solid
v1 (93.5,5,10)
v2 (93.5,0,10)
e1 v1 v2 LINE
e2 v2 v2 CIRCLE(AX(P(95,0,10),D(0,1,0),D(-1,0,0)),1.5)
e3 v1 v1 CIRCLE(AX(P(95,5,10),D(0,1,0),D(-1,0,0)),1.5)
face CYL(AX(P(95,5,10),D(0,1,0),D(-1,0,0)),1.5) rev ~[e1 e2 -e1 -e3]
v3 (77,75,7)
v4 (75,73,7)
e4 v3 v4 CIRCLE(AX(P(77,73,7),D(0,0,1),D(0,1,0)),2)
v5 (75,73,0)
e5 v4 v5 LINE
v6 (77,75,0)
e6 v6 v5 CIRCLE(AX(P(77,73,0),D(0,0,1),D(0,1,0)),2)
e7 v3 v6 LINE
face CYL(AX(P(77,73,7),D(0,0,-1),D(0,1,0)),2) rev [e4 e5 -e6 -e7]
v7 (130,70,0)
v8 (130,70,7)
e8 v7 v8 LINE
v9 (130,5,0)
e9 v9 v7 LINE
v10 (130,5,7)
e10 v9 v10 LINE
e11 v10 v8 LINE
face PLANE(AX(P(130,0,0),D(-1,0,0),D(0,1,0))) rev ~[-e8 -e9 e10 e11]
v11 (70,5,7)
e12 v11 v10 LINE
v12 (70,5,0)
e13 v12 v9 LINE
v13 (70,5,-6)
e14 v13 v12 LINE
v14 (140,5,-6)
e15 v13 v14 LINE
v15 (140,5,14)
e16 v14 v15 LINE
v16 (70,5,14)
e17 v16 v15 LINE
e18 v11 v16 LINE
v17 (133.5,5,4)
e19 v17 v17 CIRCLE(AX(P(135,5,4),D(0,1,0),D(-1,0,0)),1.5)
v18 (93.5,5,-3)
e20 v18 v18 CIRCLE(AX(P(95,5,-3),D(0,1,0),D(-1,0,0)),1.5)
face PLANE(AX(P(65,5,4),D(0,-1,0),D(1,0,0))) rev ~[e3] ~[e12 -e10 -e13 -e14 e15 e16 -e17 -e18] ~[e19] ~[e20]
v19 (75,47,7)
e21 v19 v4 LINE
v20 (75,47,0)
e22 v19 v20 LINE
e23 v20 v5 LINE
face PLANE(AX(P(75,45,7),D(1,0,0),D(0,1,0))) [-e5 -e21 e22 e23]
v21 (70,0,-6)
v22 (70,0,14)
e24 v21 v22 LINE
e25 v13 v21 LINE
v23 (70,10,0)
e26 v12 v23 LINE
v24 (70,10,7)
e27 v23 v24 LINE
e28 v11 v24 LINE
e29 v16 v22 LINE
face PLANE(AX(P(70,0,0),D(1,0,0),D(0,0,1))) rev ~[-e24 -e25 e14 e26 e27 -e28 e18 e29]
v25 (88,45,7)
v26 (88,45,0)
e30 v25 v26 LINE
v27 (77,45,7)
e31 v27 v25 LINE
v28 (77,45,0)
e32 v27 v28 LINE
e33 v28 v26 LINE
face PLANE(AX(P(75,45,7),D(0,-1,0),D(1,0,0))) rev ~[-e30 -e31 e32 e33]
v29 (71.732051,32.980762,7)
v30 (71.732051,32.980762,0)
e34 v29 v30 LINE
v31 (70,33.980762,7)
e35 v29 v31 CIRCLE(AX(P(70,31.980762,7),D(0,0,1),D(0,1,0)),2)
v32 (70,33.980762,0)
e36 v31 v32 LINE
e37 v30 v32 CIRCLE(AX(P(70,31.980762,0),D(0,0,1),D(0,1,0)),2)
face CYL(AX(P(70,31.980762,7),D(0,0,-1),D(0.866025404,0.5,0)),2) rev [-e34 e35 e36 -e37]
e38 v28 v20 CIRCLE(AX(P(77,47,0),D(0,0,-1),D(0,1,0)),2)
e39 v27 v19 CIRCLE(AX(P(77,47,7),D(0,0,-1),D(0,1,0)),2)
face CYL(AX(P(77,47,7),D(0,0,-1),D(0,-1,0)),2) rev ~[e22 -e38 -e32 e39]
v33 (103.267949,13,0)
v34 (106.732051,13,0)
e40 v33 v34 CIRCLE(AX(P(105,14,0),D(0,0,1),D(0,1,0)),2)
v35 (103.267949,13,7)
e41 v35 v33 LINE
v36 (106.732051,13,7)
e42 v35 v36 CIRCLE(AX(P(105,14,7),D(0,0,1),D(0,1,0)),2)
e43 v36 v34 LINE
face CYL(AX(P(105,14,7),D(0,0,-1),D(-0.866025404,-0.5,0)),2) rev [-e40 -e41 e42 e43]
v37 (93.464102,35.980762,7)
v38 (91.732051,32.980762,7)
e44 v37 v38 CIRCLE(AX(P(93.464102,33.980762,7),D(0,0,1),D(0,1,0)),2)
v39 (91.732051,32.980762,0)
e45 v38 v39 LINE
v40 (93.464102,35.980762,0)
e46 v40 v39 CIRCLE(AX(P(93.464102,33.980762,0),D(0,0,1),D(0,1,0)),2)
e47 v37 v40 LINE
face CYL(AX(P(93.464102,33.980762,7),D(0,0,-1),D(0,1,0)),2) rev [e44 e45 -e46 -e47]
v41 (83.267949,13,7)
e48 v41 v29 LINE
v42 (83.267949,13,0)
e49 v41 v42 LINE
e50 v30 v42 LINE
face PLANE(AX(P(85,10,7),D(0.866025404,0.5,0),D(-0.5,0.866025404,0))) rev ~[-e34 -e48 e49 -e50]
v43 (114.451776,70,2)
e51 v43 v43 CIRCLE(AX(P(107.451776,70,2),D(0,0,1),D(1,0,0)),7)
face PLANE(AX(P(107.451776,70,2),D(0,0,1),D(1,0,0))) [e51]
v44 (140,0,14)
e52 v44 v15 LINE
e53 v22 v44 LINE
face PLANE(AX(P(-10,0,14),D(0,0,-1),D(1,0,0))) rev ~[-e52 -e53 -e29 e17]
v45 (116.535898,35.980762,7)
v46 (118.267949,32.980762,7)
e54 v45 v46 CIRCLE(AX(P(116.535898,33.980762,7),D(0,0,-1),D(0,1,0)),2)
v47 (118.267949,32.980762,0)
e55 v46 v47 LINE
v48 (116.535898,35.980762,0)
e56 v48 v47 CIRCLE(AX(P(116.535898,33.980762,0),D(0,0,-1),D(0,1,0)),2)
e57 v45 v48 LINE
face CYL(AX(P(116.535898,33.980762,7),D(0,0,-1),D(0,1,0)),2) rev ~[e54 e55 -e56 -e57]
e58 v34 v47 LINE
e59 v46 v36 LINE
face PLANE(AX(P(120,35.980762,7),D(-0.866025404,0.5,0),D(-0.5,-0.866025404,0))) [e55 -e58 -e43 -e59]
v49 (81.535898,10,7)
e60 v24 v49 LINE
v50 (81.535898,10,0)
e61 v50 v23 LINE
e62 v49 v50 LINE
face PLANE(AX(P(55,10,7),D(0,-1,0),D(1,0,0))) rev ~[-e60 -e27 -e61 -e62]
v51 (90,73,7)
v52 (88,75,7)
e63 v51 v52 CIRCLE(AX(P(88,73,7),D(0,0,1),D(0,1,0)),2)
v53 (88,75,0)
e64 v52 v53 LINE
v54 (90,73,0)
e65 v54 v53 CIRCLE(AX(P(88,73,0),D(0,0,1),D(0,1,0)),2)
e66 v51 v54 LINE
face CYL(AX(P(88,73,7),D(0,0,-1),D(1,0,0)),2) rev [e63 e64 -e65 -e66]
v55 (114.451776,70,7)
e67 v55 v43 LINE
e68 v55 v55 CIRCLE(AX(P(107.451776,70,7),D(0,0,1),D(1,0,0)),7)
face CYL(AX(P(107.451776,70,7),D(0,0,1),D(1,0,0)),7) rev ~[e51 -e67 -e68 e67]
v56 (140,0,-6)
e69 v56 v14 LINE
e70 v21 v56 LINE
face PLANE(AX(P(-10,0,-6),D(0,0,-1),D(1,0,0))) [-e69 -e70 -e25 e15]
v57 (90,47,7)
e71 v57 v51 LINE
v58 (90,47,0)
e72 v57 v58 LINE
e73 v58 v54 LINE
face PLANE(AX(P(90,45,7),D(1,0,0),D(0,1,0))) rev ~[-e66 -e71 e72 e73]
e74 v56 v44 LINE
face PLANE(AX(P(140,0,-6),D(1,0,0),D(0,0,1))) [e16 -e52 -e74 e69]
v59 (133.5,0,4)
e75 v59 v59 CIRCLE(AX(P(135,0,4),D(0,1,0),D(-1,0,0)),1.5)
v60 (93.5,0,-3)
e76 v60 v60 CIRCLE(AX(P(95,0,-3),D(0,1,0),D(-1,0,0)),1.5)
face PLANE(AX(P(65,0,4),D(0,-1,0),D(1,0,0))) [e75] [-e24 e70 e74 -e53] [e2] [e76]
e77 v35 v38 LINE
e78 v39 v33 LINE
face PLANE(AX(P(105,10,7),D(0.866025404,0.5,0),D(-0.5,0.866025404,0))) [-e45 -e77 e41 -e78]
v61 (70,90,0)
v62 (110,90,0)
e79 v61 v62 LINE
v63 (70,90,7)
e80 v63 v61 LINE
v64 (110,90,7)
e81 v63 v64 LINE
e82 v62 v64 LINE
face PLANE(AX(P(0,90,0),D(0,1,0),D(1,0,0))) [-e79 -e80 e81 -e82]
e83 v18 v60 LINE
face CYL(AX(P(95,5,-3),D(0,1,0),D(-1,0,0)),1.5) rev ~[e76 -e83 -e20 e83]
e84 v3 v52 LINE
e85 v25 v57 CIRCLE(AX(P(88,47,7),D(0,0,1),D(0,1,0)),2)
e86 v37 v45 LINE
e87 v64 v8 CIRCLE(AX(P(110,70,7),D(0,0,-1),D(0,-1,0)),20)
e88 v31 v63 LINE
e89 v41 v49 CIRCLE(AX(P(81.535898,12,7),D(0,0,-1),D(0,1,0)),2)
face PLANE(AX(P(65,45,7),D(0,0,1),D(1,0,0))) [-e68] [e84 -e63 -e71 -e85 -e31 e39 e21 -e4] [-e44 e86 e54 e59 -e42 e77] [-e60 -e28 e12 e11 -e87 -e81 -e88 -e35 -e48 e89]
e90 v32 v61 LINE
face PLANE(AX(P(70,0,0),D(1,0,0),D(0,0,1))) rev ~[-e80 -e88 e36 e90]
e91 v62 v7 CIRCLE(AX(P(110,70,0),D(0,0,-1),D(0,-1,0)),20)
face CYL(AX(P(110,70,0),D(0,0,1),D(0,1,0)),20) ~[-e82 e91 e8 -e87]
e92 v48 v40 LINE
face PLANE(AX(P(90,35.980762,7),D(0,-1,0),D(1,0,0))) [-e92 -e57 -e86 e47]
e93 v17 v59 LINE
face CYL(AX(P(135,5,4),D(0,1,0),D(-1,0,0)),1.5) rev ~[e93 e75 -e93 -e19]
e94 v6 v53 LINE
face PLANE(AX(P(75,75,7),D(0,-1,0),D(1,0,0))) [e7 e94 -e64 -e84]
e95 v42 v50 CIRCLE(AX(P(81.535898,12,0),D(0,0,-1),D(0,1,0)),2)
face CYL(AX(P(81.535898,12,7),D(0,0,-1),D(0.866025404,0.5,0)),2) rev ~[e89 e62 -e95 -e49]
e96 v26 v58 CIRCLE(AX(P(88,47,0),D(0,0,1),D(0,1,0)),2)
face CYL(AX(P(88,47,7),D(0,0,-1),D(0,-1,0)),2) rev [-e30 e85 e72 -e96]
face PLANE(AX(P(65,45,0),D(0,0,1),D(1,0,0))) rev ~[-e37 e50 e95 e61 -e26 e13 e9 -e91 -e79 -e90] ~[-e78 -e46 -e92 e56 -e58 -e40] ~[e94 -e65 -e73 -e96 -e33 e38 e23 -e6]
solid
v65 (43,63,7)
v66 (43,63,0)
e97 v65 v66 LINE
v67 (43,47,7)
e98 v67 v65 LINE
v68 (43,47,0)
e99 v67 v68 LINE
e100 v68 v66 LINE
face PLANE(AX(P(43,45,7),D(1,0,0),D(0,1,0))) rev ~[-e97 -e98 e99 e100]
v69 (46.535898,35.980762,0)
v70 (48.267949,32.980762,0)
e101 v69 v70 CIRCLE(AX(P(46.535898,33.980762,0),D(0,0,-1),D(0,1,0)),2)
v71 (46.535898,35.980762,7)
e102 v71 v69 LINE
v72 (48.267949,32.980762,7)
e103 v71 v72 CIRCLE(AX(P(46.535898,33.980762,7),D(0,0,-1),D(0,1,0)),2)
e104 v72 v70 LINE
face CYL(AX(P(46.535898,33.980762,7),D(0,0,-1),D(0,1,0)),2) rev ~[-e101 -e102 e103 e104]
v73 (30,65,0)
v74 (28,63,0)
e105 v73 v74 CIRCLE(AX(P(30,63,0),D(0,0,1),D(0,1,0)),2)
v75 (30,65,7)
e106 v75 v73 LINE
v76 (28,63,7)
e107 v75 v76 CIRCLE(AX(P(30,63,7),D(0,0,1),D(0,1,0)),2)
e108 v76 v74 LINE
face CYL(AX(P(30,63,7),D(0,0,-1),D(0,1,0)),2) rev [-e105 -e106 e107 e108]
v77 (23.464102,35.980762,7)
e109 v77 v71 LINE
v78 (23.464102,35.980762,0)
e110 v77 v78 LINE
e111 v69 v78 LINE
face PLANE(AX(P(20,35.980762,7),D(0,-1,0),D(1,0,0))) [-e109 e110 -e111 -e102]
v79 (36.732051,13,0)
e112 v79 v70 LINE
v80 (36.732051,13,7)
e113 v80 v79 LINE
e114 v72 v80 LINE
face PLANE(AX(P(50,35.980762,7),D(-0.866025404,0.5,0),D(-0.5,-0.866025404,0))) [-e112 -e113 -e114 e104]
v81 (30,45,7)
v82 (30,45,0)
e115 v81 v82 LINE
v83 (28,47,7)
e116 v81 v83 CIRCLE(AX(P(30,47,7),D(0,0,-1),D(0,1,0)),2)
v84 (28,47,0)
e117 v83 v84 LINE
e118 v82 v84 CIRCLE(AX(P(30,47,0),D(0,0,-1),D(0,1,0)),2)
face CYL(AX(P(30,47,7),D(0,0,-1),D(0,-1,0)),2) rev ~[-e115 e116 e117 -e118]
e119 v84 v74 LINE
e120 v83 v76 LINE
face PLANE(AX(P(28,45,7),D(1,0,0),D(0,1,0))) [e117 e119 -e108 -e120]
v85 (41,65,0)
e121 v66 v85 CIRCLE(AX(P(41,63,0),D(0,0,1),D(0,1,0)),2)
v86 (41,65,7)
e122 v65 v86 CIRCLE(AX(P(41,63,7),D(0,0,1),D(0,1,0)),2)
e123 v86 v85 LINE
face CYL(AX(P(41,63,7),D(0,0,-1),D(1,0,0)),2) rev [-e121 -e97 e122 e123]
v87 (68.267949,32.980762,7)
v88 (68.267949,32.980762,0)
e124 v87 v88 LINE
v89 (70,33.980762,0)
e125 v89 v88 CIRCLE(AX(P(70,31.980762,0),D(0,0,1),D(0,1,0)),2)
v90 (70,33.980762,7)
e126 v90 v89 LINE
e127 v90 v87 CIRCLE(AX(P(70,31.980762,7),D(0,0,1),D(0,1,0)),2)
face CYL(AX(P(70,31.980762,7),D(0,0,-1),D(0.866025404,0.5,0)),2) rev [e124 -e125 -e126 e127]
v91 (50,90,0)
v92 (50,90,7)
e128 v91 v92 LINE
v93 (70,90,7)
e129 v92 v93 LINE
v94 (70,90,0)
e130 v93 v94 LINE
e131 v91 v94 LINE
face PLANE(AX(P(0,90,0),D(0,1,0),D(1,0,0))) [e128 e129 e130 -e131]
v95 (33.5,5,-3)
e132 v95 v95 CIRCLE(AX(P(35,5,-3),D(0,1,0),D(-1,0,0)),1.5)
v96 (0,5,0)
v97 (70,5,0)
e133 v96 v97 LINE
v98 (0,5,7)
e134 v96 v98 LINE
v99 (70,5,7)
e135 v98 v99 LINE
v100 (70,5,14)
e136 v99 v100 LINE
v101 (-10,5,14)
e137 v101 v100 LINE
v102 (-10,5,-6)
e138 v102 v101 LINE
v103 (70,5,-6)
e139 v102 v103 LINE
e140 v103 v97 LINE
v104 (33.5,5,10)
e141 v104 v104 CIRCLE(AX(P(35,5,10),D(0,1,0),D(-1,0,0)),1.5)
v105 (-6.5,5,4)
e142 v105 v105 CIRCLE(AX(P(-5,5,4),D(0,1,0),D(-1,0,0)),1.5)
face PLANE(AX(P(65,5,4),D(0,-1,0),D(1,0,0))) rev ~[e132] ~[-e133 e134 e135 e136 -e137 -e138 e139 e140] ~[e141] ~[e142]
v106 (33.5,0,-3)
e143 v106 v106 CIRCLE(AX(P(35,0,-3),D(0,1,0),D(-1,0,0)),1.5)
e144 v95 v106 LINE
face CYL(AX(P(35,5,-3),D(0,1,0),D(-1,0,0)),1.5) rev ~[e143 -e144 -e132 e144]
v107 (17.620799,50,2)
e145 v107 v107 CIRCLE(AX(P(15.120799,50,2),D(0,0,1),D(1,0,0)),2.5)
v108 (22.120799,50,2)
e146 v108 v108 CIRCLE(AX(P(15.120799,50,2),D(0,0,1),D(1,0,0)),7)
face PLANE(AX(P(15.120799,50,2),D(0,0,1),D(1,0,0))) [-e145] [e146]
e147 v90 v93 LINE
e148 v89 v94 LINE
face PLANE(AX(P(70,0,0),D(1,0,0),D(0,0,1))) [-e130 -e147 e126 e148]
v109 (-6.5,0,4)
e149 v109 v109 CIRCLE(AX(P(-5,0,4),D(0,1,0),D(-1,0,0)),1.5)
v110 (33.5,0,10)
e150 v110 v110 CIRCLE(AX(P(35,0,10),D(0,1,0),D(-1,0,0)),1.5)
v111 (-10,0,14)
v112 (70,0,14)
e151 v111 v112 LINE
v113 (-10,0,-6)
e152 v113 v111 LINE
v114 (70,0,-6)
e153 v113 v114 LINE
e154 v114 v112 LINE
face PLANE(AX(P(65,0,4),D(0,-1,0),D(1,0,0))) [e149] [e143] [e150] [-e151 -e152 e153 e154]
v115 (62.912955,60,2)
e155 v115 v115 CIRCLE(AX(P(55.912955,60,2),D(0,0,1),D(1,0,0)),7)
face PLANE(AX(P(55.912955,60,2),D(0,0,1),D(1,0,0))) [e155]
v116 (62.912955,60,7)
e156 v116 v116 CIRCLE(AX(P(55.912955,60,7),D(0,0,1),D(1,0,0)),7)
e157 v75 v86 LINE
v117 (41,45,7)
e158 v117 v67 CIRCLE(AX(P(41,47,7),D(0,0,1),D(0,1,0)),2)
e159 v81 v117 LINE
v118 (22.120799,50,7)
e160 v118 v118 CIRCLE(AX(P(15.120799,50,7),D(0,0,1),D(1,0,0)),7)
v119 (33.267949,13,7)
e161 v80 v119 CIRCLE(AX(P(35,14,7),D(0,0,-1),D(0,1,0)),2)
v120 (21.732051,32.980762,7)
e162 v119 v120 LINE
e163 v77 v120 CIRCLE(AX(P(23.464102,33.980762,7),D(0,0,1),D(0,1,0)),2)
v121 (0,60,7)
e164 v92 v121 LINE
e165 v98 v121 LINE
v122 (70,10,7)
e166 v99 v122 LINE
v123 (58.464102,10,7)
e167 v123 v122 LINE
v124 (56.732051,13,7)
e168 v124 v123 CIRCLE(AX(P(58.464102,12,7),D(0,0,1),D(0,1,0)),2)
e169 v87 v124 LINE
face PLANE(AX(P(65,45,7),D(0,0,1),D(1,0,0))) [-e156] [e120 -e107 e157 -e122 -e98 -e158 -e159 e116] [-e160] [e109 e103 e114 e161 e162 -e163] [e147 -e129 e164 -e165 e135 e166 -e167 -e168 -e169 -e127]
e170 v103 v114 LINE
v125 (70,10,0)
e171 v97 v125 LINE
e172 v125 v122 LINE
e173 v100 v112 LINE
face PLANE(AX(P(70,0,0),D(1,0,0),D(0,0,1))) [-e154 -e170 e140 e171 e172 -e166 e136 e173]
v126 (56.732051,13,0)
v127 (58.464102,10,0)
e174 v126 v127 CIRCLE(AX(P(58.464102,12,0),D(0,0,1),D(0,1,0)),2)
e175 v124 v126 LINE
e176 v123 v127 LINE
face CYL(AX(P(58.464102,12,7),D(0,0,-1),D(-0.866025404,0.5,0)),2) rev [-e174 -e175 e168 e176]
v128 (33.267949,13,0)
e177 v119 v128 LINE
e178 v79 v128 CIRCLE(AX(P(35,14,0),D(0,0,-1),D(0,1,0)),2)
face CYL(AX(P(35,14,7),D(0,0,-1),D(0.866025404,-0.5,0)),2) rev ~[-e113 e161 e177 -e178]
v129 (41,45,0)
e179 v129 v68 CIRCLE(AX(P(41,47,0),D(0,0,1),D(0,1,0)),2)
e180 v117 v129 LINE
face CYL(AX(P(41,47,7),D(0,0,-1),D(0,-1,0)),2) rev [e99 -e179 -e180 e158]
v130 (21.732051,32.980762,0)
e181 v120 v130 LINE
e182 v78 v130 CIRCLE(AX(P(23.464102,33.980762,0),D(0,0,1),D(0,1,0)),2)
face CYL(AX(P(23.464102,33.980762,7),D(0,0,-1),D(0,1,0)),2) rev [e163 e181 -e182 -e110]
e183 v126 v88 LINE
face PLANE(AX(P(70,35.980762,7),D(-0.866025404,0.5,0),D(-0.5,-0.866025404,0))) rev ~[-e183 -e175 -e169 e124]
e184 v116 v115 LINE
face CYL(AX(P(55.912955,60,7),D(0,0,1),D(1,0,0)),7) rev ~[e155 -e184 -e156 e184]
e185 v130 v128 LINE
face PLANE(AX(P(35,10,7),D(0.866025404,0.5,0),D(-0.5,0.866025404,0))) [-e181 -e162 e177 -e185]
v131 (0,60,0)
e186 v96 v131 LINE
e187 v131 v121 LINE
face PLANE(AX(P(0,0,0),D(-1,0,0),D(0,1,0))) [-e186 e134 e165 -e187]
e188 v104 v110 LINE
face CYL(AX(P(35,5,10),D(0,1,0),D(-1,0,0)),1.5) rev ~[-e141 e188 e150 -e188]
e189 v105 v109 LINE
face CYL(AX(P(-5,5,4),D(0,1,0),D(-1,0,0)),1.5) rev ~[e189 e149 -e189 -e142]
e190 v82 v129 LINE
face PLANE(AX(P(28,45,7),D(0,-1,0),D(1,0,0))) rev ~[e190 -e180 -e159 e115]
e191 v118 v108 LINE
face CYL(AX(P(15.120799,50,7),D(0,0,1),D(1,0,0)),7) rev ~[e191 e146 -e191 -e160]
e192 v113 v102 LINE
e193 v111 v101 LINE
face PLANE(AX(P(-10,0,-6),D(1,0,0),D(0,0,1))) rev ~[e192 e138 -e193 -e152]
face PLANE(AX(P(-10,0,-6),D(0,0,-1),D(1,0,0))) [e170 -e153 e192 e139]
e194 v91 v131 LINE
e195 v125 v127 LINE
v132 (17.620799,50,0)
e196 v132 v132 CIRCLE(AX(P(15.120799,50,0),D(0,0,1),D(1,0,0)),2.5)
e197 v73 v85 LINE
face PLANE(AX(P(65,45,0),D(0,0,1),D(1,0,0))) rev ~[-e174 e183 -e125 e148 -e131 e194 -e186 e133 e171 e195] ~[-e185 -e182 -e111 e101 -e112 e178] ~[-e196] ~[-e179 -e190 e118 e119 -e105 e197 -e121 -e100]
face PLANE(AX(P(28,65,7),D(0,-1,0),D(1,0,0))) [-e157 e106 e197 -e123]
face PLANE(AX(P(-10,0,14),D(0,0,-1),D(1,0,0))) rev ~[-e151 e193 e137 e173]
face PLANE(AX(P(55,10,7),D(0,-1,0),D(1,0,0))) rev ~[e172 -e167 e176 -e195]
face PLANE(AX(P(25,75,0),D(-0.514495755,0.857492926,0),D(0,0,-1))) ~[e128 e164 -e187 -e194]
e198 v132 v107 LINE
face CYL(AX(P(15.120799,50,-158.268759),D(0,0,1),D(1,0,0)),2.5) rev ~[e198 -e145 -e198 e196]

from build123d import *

# Parameters (mm, degrees)
SKETCH_3_W              = 130
SKETCH_3_H              = 90
EXTRUDE_2_DEPTH         = 7
HOLE_WIZARD_14_0_14_1_D = 5
SKETCH_22_R             = 7
CUT_EXTRUDE_4_DEPTH     = 5
CHAMFER_2_SIZE          = 50
CHAMFER_2_SIZE2         = 30
FILLET_3_R              = 20
SKETCH_25_W             = 150
SKETCH_25_H             = 20
EXTRUDE_3_DEPTH         = 5
SKETCH_26_R             = 1.5
CUT_EXTRUDE_5_DEPTH     = 165.380655796
CUT_EXTRUDE_6_REACH     = 168.94
FILLET_4_R              = 2
SKETCH_28_W             = 15
SKETCH_28_H             = 30
SKETCH_28_H_2           = 20
CUT_EXTRUDE_7_DEPTH     = 167.940109021
FILLET_5_R              = 2


with BuildPart() as part:
    # 草图3 → 凸台-拉伸2 (new body)
    with BuildSketch(Plane.XY):
        with Locations((65, 45)):
            Rectangle(SKETCH_3_W, SKETCH_3_H)
    extrude(amount=EXTRUDE_2_DEPTH)

    # Ø14.0 (14) 直径孔1 (through all)
    with Locations(Plane(origin=(0, 0, 0), x_dir=(-1, 0, 0), z_dir=(0, 0, -1))):
        with Locations((-15.120799087, 50)):
            Hole(HOLE_WIZARD_14_0_14_1_D / 2)

    # 草图22 → 切除-拉伸4 (cut)
    with BuildSketch(Plane.XY.offset(7)):
        with Locations((15.120799087, 50)):
            Circle(SKETCH_22_R)
        with Locations((55.912955196, 60)):
            Circle(SKETCH_22_R)
        with Locations((107.451775516, 70)):
            Circle(SKETCH_22_R)
    extrude(amount=-CUT_EXTRUDE_4_DEPTH, mode=Mode.SUBTRACT)

    # 倒角2
    chamfer_2_edges = [part.edges().sort_by_distance(p)[0] for p in [
        (0, 90, 3.5),
    ]]
    chamfer_2_side = [part.faces().sort_by_distance(p)[0] for p in [
        (65, 90, 3.5),
    ]]
    chamfer(chamfer_2_edges, length=CHAMFER_2_SIZE, length2=CHAMFER_2_SIZE2, reference=chamfer_2_side[0])

    # 圆角3
    fillet_3_edges = [part.edges().sort_by_distance(p)[0] for p in [
        (130, 90, 3.5),
    ]]
    fillet(fillet_3_edges, radius=FILLET_3_R)

    # 草图25 → 凸台-拉伸3 (add)
    with BuildSketch(Plane.XZ):
        with Locations((65, 4)):
            Rectangle(SKETCH_25_W, SKETCH_25_H)
    extrude(amount=-EXTRUDE_3_DEPTH)

    # 草图26 → 切除-拉伸5 (cut, through all)
    with BuildSketch(Plane(origin=(0, 5, 0), x_dir=(1, 0, 0), z_dir=(0, 1, 0))):
        with Locations(Location((-5, -4, 0), (0, 0, 180))):
            Circle(SKETCH_26_R)
        with Locations(Location((135, -4, 0), (0, 0, 180))):
            Circle(SKETCH_26_R)
        with Locations(Location((35, -10, 0), (0, 0, 180))):
            Circle(SKETCH_26_R)
        with Locations(Location((95, -10, 0), (0, 0, 180))):
            Circle(SKETCH_26_R)
        with Locations(Location((95, 3, 0), (0, 0, 180))):
            Circle(SKETCH_26_R)
        with Locations(Location((35, 3, 0), (0, 0, 180))):
            Circle(SKETCH_26_R)
    extrude(amount=-CUT_EXTRUDE_5_DEPTH, mode=Mode.SUBTRACT)

    # 草图27 → 切除-拉伸6 (cut, up to next)
    with BuildSketch(Plane.XY.offset(7), mode=Mode.PRIVATE) as cut_extrude_6_sk1:
        Polygon((20, 35.980762114), (50, 35.980762114), (35, 10), align=None)
    cut_extrude_6_tool1 = extrude(cut_extrude_6_sk1.sketch, amount=-CUT_EXTRUDE_6_REACH, mode=Mode.PRIVATE) & part.part
    # 草图27 → 切除-拉伸6 (cut, up to next)
    with BuildSketch(Plane.XY.offset(7), mode=Mode.PRIVATE) as cut_extrude_6_sk2:
        Polygon((55, 10), (85, 10), (70, 35.980762114), align=None)
    cut_extrude_6_tool2 = extrude(cut_extrude_6_sk2.sketch, amount=-CUT_EXTRUDE_6_REACH, mode=Mode.PRIVATE) & part.part
    # 草图27 → 切除-拉伸6 (cut, up to next)
    with BuildSketch(Plane.XY.offset(7), mode=Mode.PRIVATE) as cut_extrude_6_sk3:
        Polygon((90, 35.980762114), (120, 35.980762114), (105, 10), align=None)
    cut_extrude_6_tool3 = extrude(cut_extrude_6_sk3.sketch, amount=-CUT_EXTRUDE_6_REACH, mode=Mode.PRIVATE) & part.part
    add(cut_extrude_6_tool1.solids().sort_by_distance((35, 27.320508, 7))[0], mode=Mode.SUBTRACT)
    add(cut_extrude_6_tool2.solids().sort_by_distance((70, 18.660254, 7))[0], mode=Mode.SUBTRACT)
    add(cut_extrude_6_tool3.solids().sort_by_distance((105, 27.320508, 7))[0], mode=Mode.SUBTRACT)

    # 圆角4
    fillet_4_edges = [part.edges().sort_by_distance(p)[0] for p in [
        (35, 10, 3.5),
        (20, 35.980762114, 3.5),
        (50, 35.980762114, 3.5),
        (55, 10, 3.5),
        (70, 35.980762114, 3.5),
        (85, 10, 3.5),
        (105, 10, 3.5),
        (90, 35.980762114, 3.5),
        (120, 35.980762114, 3.5),
    ]]
    fillet(fillet_4_edges, radius=FILLET_4_R)

    # 草图28 → 切除-拉伸7 (cut, through all)
    with BuildSketch(Plane.XY.offset(7)):
        with Locations((82.5, 60)):
            Rectangle(SKETCH_28_W, SKETCH_28_H)
        with Locations((35.5, 55)):
            Rectangle(SKETCH_28_W, SKETCH_28_H_2)
    extrude(amount=-CUT_EXTRUDE_7_DEPTH, mode=Mode.SUBTRACT)

    # 圆角5
    fillet_5_edges = [part.edges().sort_by_distance(p)[0] for p in [
        (75, 45, 3.5),
        (75, 75, 3.5),
        (90, 75, 3.5),
        (90, 45, 3.5),
        (28, 45, 3.5),
        (28, 65, 3.5),
        (43, 65, 3.5),
        (43, 45, 3.5),
    ]]
    fillet(fillet_5_edges, radius=FILLET_5_R)


with BuildPart() as body_2:
    # Split Bodies 1: the piece on the far side of the plane
    add(part.part)
    split(bisect_by=Plane(origin=(70, 0, 0), x_dir=(0, 0, 1), z_dir=(1, 0, 0)), keep=Keep.BOTTOM)


with BuildPart() as part_1:
    add(part.part)

    # Split Bodies 1
    split(bisect_by=Plane(origin=(70, 0, 0), x_dir=(0, 0, 1), z_dir=(1, 0, 0)), keep=Keep.TOP)


solid = Compound([body_2.part, part_1.part])
